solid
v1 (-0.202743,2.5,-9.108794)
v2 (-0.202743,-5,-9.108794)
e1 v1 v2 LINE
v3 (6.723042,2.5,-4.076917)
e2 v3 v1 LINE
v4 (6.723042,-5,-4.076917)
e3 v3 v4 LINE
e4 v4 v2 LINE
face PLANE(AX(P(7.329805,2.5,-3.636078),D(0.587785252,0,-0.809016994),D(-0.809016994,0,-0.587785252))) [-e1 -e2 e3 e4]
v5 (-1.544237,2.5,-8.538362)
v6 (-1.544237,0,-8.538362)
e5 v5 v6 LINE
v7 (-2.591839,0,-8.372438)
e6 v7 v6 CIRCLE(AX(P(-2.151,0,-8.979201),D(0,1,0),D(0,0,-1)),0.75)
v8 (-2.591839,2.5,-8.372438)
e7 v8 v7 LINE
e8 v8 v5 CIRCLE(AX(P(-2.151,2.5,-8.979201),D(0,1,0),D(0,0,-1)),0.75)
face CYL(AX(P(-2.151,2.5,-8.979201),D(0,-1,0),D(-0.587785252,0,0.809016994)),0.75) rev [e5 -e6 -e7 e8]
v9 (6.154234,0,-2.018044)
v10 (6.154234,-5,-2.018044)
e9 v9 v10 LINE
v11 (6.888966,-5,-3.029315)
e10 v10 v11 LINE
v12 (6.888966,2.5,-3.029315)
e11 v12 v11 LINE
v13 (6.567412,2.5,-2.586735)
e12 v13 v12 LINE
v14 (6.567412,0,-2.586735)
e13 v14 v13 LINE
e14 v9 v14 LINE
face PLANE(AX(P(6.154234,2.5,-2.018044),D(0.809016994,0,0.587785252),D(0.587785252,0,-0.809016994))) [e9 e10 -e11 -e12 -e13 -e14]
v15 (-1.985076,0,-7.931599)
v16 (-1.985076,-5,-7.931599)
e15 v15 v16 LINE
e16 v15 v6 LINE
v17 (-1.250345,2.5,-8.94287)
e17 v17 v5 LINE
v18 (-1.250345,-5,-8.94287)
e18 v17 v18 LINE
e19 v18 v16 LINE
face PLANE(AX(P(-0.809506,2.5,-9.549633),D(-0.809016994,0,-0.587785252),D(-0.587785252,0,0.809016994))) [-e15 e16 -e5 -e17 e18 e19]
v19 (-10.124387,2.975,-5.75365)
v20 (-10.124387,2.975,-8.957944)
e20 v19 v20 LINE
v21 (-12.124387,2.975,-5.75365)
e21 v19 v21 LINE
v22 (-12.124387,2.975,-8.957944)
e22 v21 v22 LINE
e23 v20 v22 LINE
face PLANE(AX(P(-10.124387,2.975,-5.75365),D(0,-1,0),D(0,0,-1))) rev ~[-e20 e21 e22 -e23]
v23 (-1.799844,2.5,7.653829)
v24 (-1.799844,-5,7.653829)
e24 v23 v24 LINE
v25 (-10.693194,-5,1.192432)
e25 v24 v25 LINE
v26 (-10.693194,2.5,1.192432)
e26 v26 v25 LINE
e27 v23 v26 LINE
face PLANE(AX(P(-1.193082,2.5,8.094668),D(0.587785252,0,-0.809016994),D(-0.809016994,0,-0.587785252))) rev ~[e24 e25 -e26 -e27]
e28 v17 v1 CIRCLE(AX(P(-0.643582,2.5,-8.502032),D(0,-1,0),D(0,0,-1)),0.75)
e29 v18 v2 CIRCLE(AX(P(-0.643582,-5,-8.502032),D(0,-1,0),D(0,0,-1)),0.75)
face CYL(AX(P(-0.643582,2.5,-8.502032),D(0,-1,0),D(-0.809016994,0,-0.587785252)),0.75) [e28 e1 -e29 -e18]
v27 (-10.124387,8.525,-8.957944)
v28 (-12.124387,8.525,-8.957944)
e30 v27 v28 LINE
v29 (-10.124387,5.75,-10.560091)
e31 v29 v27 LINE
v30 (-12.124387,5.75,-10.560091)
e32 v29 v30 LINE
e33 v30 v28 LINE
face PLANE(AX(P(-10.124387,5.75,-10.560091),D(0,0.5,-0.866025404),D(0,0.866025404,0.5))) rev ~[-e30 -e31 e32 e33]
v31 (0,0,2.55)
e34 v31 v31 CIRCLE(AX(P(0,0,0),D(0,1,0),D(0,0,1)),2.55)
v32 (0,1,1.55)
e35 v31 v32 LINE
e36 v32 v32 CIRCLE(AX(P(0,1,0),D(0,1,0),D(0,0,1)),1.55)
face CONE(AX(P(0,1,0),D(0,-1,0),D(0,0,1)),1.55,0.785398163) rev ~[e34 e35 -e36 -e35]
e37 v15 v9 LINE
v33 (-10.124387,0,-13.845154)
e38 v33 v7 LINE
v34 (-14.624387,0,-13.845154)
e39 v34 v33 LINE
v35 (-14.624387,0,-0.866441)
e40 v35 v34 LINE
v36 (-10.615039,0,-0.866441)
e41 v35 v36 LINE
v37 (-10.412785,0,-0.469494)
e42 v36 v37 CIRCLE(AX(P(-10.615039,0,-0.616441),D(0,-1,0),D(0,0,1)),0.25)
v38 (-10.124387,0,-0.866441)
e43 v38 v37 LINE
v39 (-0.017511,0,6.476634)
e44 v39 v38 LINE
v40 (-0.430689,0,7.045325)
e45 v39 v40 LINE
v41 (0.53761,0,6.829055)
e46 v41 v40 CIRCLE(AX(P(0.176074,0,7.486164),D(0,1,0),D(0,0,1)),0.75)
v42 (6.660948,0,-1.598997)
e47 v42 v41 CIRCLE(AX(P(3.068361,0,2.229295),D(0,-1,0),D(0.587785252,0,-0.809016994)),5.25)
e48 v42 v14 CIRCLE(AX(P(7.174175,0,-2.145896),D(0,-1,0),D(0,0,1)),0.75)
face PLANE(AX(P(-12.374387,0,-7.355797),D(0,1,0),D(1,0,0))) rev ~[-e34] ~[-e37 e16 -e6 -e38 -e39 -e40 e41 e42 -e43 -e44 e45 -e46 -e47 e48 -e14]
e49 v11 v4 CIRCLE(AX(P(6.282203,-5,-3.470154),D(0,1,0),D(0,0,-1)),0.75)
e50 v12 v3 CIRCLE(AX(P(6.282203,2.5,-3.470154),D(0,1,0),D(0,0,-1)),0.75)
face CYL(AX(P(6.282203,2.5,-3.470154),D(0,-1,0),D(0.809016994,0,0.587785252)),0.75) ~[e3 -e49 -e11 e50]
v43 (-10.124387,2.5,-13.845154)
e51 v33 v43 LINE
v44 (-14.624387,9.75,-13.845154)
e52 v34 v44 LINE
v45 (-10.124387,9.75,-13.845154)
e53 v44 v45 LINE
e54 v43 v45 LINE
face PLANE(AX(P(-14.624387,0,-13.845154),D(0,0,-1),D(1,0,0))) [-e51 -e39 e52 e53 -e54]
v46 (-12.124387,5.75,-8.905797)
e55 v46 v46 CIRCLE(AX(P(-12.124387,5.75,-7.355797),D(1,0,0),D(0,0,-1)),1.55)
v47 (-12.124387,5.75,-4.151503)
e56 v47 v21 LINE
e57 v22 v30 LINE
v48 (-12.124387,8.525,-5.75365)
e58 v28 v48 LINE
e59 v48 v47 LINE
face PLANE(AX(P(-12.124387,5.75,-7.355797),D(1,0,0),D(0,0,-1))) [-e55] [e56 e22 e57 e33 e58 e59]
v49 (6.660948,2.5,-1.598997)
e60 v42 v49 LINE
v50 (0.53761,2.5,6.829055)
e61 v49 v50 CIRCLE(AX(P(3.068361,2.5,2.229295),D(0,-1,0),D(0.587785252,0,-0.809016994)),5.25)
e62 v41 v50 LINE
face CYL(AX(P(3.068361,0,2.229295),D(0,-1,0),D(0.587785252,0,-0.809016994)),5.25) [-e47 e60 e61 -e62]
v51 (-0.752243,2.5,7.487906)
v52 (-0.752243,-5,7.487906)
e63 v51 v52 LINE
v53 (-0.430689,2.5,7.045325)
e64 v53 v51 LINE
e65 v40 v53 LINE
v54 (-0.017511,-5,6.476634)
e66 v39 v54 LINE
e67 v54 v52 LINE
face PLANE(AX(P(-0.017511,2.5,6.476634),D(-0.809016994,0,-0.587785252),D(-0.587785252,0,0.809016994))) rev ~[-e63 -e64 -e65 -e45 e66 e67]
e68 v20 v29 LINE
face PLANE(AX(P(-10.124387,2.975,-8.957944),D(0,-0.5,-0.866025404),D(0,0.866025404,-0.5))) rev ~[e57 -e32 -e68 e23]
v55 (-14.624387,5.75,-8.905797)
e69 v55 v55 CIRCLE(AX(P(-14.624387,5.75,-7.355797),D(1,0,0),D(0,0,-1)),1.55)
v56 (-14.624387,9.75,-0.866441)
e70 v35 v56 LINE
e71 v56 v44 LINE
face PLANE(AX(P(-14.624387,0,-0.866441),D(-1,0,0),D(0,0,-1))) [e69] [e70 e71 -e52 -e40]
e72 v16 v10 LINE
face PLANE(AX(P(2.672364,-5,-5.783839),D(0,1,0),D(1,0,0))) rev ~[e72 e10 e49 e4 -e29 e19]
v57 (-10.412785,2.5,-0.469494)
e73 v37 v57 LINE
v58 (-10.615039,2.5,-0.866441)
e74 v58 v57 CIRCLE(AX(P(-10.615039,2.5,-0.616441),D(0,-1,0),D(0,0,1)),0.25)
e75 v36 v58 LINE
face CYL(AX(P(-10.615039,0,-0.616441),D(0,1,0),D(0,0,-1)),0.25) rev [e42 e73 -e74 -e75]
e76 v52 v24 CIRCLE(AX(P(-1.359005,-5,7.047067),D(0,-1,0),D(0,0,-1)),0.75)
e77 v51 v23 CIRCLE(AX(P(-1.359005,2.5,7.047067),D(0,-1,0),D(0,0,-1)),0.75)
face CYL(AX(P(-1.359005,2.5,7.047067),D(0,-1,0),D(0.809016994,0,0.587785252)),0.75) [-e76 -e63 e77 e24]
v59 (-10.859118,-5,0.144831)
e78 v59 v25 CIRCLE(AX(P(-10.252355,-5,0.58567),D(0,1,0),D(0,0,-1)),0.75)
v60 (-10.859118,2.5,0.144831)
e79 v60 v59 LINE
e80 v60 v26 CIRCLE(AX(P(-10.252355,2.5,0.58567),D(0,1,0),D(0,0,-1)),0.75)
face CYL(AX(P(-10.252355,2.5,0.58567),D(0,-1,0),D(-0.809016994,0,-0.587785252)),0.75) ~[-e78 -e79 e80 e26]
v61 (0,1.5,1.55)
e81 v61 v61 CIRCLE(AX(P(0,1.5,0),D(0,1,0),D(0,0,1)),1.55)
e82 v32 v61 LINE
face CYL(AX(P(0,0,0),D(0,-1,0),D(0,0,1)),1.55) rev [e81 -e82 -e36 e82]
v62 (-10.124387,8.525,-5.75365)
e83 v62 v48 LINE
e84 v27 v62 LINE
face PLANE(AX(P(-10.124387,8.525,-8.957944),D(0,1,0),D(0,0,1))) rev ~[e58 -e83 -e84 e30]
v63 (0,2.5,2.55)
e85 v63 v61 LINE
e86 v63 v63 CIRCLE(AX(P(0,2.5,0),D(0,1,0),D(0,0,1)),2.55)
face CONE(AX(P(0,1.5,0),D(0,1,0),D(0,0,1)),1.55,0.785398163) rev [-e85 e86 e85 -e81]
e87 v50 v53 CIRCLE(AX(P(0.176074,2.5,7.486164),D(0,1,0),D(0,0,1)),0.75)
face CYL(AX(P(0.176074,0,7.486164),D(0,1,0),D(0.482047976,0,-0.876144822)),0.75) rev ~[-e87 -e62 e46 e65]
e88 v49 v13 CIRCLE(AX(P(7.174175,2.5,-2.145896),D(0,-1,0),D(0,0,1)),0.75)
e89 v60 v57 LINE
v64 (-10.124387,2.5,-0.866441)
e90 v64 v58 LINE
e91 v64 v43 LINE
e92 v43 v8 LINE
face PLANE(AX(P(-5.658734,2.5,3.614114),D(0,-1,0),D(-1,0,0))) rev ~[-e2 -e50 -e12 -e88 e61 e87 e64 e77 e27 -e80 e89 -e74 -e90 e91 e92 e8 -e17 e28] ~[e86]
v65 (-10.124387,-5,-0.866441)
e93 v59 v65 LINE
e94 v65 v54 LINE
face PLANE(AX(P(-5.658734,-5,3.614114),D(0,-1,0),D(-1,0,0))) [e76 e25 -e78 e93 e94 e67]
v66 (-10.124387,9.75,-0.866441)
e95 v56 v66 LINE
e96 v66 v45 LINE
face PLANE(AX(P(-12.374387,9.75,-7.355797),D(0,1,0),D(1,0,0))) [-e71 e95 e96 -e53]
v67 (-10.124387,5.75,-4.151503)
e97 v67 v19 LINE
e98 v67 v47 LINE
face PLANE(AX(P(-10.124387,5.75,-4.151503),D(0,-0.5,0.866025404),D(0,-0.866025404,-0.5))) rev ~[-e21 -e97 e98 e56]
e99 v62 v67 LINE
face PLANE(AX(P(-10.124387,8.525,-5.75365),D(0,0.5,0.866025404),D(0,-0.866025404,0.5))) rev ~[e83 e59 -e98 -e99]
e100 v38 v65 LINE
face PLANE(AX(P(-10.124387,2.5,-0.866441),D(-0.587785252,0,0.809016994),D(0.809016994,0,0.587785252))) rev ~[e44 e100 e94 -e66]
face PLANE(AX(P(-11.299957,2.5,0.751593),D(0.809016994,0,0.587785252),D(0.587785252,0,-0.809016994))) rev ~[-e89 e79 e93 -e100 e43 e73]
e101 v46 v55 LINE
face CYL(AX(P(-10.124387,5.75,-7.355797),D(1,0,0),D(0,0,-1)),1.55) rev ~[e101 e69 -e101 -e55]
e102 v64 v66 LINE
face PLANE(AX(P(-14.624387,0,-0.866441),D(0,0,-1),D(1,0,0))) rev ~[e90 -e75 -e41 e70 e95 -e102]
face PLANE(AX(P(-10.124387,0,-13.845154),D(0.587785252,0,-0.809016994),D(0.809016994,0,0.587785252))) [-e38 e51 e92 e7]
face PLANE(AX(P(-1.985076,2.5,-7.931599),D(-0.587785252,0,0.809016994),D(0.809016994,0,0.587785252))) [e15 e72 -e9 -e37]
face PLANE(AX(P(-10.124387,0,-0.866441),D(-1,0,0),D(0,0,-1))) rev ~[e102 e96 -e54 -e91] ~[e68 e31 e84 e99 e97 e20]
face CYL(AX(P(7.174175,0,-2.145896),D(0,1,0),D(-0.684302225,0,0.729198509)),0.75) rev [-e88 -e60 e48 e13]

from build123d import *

# Parameters (mm, degrees)
SKETCH_1_R          = 1.55
EXTRUDE_511_DEPTH   = 2.5
EXTRUDE_START       = 2.5
EXTRUDE_978_DEPTH   = 7.5
SKETCH_3_W          = 4.5
SKETCH_3_H          = 12.978713764
EXTRUDE_1_DEPTH     = 9.75
CHAMFER_1_SIZE      = 1
FILLET_5_R          = 0.75
CUT_EXTRUDE_1_DEPTH = 2
SKETCH_7_R          = 1.55
CUT_EXTRUDE_2_DEPTH = 4.5
FILLET_6_R          = 0.25


with BuildPart() as part:
    # 草图1 → Extrude 511 (new body)
    with BuildSketch(Plane(origin=(0, 0, 0), x_dir=(1, 0, 0), z_dir=(0, 1, 0))):
        with BuildLine():
            Line((-10.1243866, 13.845154317), (6.15423406, 2.01804411))
            ThreePointArc((6.15423406, 2.01804411), (7.315700706, -5.315167685), (-0.017511089, -6.476634331))
            Line((-0.017511089, -6.476634331), (-10.1243866, 0.866440553))
            Line((-10.1243866, 0.866440553), (-10.1243866, 13.845154317))
        make_face()
        with Locations(Location((0, 0, 0), (0, 0, 270))):
            Circle(SKETCH_1_R, mode=Mode.SUBTRACT)
    extrude(amount=EXTRUDE_511_DEPTH)

    # 草图2 → Extrude 978 (add)
    with BuildSketch(Plane(origin=(0, 0, 0), x_dir=(1, 0, 0), z_dir=(0, 1, 0)).offset(EXTRUDE_START)):
        Polygon((-10.1243866, 0.866440553), (-0.017511089, -6.476634331), (-1.193081594, -8.09466832), (-11.299957105, -0.751593436), align=None)
        Polygon((7.329804565, 3.636078099), (-0.809505765, 9.549633202), (-1.98507627, 7.931599213), (6.15423406, 2.01804411), align=None)
    extrude(amount=-EXTRUDE_978_DEPTH)

    # 草图3 → 限位-1 (add)
    with BuildSketch(Plane(origin=(0, 0, 0), x_dir=(1, 0, 0), z_dir=(0, 1, 0))):
        with Locations((-12.3743866, 7.355797435)):
            Rectangle(SKETCH_3_W, SKETCH_3_H)
    extrude(amount=EXTRUDE_1_DEPTH)

    # 倒角1
    chamfer_1_edges = [part.edges().sort_by_distance(p)[0] for p in [
        (0, 0, -1.55),
        (0, 2.5, -1.55),
    ]]
    chamfer(chamfer_1_edges, length=CHAMFER_1_SIZE)

    # 圆角5
    fillet_5_edges = [part.edges().sort_by_distance(p)[0] for p in [
        (-1.193081594, -1.25, 8.09466832),
        (-11.299957105, -1.25, 0.751593436),
        (-1.98507627, 1.25, -7.931599213),
        (-0.809505765, -1.25, -9.549633202),
        (7.329804565, -1.25, -3.636078099),
        (-0.017511089, 1.25, 6.476634331),
        (6.15423406, 1.25, -2.01804411),
    ]]
    fillet(fillet_5_edges, radius=FILLET_5_R)

    # 草图5 → 切除-拉伸1 (cut)
    with BuildSketch(Plane(origin=(-10.1243866, 0, 0), x_dir=(0, 0, -1), z_dir=(1, 0, 0))):
        Polygon((10.560091429, 5.75), (8.957944432, 8.525), (5.753650438, 8.525), (4.151503441, 5.75), (5.753650438, 2.975), (8.957944432, 2.975), align=None)
    extrude(amount=-CUT_EXTRUDE_1_DEPTH, mode=Mode.SUBTRACT)

    # 草图7 → 切除-拉伸2 (cut)
    with BuildSketch(Plane(origin=(-10.1243866, 0, 0), x_dir=(0, 0, -1), z_dir=(1, 0, 0))):
        with Locations((7.355797435, 5.75)):
            Circle(SKETCH_7_R)
    extrude(amount=-CUT_EXTRUDE_2_DEPTH, mode=Mode.SUBTRACT)

    # 圆角6
    fillet_6_edges = [part.edges().sort_by_distance(p)[0] for p in [
        (-10.1243866, 1.25, -0.866440553),
    ]]
    fillet(fillet_6_edges, radius=FILLET_6_R)


solid = part.part
